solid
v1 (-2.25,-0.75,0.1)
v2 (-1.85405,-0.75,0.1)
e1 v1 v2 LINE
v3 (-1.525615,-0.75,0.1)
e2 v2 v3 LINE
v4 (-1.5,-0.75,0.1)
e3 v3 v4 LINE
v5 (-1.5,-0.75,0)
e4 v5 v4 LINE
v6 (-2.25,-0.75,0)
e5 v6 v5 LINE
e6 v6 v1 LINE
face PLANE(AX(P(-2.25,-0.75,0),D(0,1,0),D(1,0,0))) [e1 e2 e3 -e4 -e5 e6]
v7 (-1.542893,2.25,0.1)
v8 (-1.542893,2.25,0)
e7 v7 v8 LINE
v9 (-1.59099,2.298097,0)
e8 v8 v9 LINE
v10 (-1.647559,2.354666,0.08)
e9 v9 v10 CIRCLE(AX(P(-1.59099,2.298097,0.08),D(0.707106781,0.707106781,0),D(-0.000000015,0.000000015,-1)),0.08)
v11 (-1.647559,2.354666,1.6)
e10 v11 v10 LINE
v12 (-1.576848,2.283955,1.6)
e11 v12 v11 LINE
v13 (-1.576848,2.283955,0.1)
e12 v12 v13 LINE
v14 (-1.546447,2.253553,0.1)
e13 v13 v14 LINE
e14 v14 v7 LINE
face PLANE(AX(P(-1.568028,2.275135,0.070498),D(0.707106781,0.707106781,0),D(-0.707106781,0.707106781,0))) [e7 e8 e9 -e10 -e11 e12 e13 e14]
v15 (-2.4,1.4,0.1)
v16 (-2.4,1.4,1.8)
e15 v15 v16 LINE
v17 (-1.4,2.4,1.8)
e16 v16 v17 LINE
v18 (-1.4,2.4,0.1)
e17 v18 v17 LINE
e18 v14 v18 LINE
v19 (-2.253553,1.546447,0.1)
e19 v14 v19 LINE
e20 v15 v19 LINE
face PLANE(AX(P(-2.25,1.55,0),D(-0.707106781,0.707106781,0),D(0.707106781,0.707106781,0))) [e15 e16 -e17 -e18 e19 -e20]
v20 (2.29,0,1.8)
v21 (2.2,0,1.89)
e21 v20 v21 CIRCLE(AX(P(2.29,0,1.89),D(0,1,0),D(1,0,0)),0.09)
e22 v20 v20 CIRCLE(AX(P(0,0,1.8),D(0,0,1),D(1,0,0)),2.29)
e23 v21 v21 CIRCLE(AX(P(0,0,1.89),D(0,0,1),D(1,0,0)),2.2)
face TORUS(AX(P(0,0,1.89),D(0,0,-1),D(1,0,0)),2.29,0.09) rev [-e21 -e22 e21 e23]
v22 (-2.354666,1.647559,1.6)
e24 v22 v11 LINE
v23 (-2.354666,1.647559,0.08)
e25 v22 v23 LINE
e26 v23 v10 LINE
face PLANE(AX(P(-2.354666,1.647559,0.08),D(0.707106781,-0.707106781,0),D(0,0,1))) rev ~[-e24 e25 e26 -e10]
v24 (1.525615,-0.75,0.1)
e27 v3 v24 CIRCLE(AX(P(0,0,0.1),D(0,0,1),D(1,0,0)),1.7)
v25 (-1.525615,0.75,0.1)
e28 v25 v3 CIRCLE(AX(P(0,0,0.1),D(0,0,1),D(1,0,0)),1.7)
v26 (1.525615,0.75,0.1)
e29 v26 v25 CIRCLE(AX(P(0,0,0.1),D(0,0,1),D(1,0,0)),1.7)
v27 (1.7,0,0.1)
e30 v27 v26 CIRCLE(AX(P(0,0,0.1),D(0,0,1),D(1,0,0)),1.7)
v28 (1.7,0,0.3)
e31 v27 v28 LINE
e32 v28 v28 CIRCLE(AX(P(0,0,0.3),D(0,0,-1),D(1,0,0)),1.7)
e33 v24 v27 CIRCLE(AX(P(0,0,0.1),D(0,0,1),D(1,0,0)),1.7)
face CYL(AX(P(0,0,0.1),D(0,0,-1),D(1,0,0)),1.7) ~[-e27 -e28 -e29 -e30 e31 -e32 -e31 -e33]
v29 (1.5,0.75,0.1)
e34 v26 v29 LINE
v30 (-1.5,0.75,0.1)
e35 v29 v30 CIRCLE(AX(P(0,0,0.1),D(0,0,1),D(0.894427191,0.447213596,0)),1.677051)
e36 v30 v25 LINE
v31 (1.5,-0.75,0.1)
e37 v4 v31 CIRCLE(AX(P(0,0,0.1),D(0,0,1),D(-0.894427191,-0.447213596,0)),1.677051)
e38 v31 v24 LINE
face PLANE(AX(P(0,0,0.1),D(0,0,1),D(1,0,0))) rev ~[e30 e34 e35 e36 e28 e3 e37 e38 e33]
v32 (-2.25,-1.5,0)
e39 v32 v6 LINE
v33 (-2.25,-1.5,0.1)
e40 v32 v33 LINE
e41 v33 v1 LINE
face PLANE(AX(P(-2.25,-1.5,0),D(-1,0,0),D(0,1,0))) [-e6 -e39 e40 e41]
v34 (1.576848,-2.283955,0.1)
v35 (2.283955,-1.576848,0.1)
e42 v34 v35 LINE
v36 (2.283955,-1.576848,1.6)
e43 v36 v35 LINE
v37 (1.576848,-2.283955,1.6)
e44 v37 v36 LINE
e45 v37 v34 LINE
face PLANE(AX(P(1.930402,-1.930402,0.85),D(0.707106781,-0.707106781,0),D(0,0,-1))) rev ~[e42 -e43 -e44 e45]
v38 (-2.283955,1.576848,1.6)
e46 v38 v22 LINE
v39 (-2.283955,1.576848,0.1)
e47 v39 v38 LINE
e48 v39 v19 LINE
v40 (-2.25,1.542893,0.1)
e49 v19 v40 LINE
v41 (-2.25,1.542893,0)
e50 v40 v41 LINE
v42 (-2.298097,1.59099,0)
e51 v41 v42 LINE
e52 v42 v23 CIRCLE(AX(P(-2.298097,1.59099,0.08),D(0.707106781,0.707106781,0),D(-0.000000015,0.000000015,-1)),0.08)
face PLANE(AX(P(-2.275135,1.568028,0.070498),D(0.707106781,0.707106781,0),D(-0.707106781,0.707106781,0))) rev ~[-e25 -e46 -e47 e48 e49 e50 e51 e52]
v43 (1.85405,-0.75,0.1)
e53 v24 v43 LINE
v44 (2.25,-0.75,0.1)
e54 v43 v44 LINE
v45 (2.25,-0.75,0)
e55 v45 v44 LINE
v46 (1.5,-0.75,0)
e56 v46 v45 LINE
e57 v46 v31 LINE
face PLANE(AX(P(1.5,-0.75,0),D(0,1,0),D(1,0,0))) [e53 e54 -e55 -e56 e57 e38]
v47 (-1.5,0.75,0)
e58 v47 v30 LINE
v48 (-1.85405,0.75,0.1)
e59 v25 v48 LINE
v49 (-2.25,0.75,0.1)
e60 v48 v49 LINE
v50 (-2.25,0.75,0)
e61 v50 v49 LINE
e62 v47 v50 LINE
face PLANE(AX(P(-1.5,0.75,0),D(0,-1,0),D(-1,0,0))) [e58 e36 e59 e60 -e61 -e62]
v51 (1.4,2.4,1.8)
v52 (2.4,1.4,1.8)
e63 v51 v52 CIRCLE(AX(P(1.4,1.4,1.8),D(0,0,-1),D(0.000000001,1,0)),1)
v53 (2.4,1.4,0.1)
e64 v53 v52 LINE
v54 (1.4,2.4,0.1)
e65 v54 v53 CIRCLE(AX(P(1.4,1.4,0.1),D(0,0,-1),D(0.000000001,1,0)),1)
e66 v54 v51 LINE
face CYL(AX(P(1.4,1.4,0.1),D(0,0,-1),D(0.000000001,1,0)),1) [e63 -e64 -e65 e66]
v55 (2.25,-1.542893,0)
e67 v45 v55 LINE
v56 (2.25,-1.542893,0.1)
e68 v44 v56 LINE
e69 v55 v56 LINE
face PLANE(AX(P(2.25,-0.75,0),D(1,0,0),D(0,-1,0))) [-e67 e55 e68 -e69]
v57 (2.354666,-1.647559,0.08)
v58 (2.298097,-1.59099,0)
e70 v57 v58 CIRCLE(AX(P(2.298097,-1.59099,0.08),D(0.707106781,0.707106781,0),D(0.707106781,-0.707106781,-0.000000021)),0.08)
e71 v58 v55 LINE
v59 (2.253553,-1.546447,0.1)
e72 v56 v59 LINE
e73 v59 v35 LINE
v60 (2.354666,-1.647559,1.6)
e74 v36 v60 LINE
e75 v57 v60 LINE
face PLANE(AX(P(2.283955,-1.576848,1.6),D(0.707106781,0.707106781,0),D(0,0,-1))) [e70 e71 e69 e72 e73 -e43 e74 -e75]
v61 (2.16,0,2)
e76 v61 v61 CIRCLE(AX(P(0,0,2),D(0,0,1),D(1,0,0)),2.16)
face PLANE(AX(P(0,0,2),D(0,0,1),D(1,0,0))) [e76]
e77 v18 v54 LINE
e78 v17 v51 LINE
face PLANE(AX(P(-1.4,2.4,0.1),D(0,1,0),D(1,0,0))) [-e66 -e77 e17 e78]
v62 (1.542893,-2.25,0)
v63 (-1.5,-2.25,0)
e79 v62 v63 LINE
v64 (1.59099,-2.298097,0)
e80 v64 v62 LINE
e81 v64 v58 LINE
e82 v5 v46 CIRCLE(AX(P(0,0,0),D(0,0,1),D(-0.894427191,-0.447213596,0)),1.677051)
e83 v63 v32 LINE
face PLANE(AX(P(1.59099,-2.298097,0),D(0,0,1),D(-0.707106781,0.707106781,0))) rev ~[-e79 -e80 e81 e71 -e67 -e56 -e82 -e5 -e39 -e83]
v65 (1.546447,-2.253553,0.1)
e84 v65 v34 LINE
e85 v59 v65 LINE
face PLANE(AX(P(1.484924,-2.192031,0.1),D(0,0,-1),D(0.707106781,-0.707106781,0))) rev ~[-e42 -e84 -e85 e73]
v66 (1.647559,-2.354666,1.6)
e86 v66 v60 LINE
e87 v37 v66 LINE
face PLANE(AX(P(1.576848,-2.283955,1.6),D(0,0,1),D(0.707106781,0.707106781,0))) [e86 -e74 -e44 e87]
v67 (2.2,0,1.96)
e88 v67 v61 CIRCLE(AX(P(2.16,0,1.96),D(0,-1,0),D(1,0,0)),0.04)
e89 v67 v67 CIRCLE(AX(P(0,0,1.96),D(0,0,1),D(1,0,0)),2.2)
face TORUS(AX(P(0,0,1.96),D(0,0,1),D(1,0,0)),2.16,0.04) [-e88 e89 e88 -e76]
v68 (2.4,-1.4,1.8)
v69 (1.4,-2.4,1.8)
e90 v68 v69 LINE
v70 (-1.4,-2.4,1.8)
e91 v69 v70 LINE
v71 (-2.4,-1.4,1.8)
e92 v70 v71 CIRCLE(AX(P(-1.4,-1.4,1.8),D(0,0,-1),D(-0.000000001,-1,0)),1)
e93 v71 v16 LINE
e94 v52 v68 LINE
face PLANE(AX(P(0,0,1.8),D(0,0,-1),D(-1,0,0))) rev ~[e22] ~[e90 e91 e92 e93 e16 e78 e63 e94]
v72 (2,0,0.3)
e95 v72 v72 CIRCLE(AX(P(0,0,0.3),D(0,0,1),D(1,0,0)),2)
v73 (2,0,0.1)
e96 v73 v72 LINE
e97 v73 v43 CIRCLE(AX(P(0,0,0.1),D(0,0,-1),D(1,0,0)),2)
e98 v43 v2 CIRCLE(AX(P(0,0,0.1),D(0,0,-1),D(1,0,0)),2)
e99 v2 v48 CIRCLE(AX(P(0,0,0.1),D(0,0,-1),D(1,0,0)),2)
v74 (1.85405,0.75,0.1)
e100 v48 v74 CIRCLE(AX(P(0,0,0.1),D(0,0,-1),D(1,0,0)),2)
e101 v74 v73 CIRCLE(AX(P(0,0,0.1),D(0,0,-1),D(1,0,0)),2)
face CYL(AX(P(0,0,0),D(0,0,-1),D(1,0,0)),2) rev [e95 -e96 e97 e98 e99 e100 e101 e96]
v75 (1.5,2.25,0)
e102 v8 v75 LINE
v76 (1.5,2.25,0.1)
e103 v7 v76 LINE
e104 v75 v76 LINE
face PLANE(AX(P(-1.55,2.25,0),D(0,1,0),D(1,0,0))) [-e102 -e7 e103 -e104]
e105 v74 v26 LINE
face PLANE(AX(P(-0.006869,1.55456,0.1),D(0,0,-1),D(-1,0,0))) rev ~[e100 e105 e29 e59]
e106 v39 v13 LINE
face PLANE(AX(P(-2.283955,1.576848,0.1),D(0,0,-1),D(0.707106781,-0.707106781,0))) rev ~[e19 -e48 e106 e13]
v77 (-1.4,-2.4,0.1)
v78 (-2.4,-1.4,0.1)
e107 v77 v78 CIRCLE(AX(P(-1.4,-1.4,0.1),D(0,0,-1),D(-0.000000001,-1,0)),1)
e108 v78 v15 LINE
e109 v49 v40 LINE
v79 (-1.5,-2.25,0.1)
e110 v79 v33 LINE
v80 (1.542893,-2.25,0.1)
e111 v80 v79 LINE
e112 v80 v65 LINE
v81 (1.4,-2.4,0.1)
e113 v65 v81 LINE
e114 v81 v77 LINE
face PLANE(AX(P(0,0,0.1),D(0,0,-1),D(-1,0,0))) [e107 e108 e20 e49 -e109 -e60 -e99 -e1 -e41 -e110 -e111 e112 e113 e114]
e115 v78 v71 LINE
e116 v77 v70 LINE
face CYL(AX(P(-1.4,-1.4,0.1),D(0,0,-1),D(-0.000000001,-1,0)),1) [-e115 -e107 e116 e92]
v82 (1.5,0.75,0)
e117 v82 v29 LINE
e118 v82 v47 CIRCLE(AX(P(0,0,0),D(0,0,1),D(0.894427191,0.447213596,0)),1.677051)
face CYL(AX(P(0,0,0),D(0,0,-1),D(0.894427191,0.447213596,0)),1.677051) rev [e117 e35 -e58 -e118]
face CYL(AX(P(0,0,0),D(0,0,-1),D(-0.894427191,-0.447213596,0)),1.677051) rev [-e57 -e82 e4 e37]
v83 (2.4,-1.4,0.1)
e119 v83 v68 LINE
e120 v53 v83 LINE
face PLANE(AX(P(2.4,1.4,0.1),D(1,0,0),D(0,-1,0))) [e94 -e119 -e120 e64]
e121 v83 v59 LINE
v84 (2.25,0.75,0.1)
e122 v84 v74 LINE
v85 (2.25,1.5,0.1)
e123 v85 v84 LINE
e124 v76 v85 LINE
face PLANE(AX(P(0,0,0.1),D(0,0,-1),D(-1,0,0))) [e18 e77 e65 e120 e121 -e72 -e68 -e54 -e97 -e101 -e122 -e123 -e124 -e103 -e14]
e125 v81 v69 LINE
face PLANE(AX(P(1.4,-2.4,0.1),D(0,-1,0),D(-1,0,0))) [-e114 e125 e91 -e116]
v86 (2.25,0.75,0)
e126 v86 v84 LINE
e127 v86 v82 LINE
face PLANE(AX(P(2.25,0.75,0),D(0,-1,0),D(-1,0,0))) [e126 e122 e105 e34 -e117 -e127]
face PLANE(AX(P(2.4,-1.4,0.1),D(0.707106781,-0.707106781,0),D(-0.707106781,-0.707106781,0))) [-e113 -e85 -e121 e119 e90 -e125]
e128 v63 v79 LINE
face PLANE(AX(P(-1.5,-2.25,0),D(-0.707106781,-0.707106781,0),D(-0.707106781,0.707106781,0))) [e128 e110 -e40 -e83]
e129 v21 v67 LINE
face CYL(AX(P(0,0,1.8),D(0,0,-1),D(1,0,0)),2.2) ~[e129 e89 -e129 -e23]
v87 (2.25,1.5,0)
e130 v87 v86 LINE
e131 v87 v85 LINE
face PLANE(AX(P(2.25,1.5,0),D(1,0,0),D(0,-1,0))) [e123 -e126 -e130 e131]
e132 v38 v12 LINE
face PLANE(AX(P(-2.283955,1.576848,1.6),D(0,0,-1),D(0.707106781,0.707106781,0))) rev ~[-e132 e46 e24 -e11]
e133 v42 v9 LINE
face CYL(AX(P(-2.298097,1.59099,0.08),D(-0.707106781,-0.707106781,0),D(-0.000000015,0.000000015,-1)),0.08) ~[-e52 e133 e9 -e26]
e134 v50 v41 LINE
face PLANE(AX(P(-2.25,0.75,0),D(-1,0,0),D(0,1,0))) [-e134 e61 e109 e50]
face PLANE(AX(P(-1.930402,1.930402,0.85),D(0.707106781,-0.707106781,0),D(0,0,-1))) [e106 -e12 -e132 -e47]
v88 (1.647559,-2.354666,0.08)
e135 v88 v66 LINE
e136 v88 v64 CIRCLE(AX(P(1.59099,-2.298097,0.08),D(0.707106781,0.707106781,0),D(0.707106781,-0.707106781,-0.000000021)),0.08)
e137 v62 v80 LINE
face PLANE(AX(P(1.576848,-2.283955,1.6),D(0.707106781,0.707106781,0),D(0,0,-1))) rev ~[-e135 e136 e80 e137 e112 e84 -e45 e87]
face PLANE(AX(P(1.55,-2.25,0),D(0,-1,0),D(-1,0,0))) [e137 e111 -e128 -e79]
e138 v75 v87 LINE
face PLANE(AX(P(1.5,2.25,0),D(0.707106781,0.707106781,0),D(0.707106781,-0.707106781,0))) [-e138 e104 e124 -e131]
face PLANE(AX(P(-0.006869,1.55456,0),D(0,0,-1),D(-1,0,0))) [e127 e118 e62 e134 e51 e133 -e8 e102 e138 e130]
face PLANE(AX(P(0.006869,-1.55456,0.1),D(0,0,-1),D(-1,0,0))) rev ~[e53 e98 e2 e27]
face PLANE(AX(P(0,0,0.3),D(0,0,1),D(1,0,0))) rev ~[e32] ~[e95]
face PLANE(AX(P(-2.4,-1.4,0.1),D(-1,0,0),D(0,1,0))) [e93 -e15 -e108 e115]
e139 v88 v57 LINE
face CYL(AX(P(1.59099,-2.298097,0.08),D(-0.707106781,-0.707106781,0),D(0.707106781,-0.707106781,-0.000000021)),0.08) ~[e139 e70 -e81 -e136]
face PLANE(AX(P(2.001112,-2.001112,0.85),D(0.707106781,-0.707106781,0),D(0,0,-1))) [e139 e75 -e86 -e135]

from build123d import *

# Parameters (mm, degrees)
EXTRUDE_START       = 0.1
EXTRUDE_1_DEPTH     = 1.7
SKETCH_6_R          = 2
CUT_EXTRUDE_5_DEPTH = 0.3
SKETCH_8_R          = 1.7
EXTRUDE_9_DEPTH     = 0.25
SKETCH_9_R          = 2.2
EXTRUDE_1_2_DEPTH   = 0.2
FILLET_2_R          = 0.09
FILLET_3_R          = 0.04
EXTRUDE_2_DEPTH     = 0.1
EXTRUDE_START_2     = 2.73
SKETCH_11_W         = 1.5
SKETCH_11_H         = 1
EXTRUDE_3_DEPTH     = 0.1
EXTRUDE_START_3     = -2.73
SKETCH_11_2_W       = 1.5
SKETCH_11_2_H       = 1
EXTRUDE_4_DEPTH     = 0.1
EXTRUDE_START_4     = 0.5
EXTRUDE_5_DEPTH     = 1


with BuildPart() as part:
    # Эскиз2 → Extrude 1 (new body)
    with BuildSketch(Plane.XY.offset(EXTRUDE_START)):
        with BuildLine():
            Line((-1.4, 2.4), (1.4, 2.4))
            ThreePointArc((1.4, 2.4), (2.107106781, 2.107106781), (2.4, 1.4))
            Line((2.4, 1.4), (2.4, -1.4))
            Line((2.4, -1.4), (1.4, -2.4))
            Line((1.4, -2.4), (-1.4, -2.4))
            ThreePointArc((-1.4, -2.4), (-2.107106781, -2.107106781), (-2.4, -1.4))
            Line((-2.4, -1.4), (-2.4, 1.4))
            Line((-2.4, 1.4), (-1.4, 2.4))
        make_face()
    extrude(amount=EXTRUDE_1_DEPTH)

    # Эскиз6 → Вытянуть5 (cut)
    with BuildSketch(Plane.XY):
        Circle(SKETCH_6_R)
    extrude(amount=CUT_EXTRUDE_5_DEPTH, mode=Mode.SUBTRACT)

    # Эскиз8 → Вытянуть9 (add)
    with BuildSketch(Plane.XY.offset(EXTRUDE_START)):
        Circle(SKETCH_8_R)
    extrude(amount=EXTRUDE_9_DEPTH)

    # Эскиз9 → Extrude 1 2 (add)
    with BuildSketch(Plane.XY.offset(1.8)):
        Circle(SKETCH_9_R)
    extrude(amount=EXTRUDE_1_2_DEPTH)

    # Скругление2
    fillet_2_edges = [part.edges().sort_by_distance(p)[0] for p in [
        (-2.2, 0, 1.8),
    ]]
    fillet(fillet_2_edges, radius=FILLET_2_R)

    # Скругление3
    fillet_3_edges = [part.edges().sort_by_distance(p)[0] for p in [
        (-2.2, 0, 2),
    ]]
    fillet(fillet_3_edges, radius=FILLET_3_R)

    # Эскиз10 → Бобышка-Вытянуть2 (add)
    with BuildSketch(Plane.XY):
        with BuildLine():
            Line((2.25, 0.75), (1.5, 0.75))
            ThreePointArc((1.5, 0.75), (0, 1.677050983), (-1.5, 0.75))
            Line((-1.5, 0.75), (-2.25, 0.75))
            Line((-2.25, 0.75), (-2.25, 1.55))
            Line((-2.25, 1.55), (-1.55, 2.25))
            Line((-1.55, 2.25), (1.5, 2.25))
            Line((1.5, 2.25), (2.25, 1.5))
            Line((2.25, 1.5), (2.25, 0.75))
        make_face()
        with BuildLine():
            Line((-2.25, -0.75), (-1.5, -0.75))
            ThreePointArc((-1.5, -0.75), (0, -1.677050983), (1.5, -0.75))
            Line((1.5, -0.75), (2.25, -0.75))
            Line((2.25, -0.75), (2.25, -1.55))
            Line((2.25, -1.55), (1.55, -2.25))
            Line((1.55, -2.25), (-1.5, -2.25))
            Line((-1.5, -2.25), (-2.25, -1.5))
            Line((-2.25, -1.5), (-2.25, -0.75))
        make_face()
    extrude(amount=EXTRUDE_2_DEPTH)



with BuildPart() as body_2:
    # Эскиз11 → Бобышка-Вытянуть3 (new body)
    with BuildSketch(Plane(origin=(0, 0, 0), x_dir=(0, 0, -1), z_dir=(0.7071067811865488, -0.7071067811865462, 0)).offset(EXTRUDE_START_2)):
        with Locations((-0.85, 0)):
            Rectangle(SKETCH_11_W, SKETCH_11_H)
    extrude(amount=EXTRUDE_3_DEPTH)


with BuildPart() as body_3:
    # Эскиз11<2> → Бобышка-Вытянуть4 (new body)
    with BuildSketch(Plane(origin=(0, 0, 0), x_dir=(0, 0, -1), z_dir=(0.7071067811865488, -0.7071067811865462, 0)).offset(EXTRUDE_START_3)):
        with Locations((-0.85, 0)):
            Rectangle(SKETCH_11_2_W, SKETCH_11_2_H)
    extrude(amount=-EXTRUDE_4_DEPTH)


with BuildPart() as part_1:
    add(part.part)

    add(body_2.part)  # Бобышка-Вытянуть5 merges body 2

    add(body_3.part)  # Бобышка-Вытянуть5 merges body 3
    # Эскиз12 → Бобышка-Вытянуть5 (add)
    with BuildSketch(Plane(origin=(0, 0, 0), x_dir=(0.7071067811865488, -0.7071067811865462, 0), z_dir=(-0.7071067811865462, -0.7071067811865488, 0)).offset(EXTRUDE_START_4)):
        with BuildLine():
            Line((2.83, 0.15), (2.83, 0.08))
            ThreePointArc((2.83, 0.08), (2.806568542, 0.023431458), (2.75, 0))
            Line((2.75, 0), (2.6, 0))
            Line((2.6, 0), (2.6, 0.1))
            Line((2.6, 0.1), (2.73, 0.1))
            Line((2.73, 0.1), (2.73, 0.15))
            Line((2.73, 0.15), (2.83, 0.15))
        make_face()
        with BuildLine():
            Line((-2.6, 0.1), (-2.6, 0))
            Line((-2.6, 0), (-2.75, 0))
            ThreePointArc((-2.75, 0), (-2.806568542, 0.023431458), (-2.83, 0.08))
            Line((-2.83, 0.08), (-2.83, 0.15))
            Line((-2.83, 0.15), (-2.73, 0.15))
            Line((-2.73, 0.15), (-2.73, 0.1))
            Line((-2.73, 0.1), (-2.6, 0.1))
        make_face()
    extrude(amount=-EXTRUDE_5_DEPTH)


solid = part_1.part
